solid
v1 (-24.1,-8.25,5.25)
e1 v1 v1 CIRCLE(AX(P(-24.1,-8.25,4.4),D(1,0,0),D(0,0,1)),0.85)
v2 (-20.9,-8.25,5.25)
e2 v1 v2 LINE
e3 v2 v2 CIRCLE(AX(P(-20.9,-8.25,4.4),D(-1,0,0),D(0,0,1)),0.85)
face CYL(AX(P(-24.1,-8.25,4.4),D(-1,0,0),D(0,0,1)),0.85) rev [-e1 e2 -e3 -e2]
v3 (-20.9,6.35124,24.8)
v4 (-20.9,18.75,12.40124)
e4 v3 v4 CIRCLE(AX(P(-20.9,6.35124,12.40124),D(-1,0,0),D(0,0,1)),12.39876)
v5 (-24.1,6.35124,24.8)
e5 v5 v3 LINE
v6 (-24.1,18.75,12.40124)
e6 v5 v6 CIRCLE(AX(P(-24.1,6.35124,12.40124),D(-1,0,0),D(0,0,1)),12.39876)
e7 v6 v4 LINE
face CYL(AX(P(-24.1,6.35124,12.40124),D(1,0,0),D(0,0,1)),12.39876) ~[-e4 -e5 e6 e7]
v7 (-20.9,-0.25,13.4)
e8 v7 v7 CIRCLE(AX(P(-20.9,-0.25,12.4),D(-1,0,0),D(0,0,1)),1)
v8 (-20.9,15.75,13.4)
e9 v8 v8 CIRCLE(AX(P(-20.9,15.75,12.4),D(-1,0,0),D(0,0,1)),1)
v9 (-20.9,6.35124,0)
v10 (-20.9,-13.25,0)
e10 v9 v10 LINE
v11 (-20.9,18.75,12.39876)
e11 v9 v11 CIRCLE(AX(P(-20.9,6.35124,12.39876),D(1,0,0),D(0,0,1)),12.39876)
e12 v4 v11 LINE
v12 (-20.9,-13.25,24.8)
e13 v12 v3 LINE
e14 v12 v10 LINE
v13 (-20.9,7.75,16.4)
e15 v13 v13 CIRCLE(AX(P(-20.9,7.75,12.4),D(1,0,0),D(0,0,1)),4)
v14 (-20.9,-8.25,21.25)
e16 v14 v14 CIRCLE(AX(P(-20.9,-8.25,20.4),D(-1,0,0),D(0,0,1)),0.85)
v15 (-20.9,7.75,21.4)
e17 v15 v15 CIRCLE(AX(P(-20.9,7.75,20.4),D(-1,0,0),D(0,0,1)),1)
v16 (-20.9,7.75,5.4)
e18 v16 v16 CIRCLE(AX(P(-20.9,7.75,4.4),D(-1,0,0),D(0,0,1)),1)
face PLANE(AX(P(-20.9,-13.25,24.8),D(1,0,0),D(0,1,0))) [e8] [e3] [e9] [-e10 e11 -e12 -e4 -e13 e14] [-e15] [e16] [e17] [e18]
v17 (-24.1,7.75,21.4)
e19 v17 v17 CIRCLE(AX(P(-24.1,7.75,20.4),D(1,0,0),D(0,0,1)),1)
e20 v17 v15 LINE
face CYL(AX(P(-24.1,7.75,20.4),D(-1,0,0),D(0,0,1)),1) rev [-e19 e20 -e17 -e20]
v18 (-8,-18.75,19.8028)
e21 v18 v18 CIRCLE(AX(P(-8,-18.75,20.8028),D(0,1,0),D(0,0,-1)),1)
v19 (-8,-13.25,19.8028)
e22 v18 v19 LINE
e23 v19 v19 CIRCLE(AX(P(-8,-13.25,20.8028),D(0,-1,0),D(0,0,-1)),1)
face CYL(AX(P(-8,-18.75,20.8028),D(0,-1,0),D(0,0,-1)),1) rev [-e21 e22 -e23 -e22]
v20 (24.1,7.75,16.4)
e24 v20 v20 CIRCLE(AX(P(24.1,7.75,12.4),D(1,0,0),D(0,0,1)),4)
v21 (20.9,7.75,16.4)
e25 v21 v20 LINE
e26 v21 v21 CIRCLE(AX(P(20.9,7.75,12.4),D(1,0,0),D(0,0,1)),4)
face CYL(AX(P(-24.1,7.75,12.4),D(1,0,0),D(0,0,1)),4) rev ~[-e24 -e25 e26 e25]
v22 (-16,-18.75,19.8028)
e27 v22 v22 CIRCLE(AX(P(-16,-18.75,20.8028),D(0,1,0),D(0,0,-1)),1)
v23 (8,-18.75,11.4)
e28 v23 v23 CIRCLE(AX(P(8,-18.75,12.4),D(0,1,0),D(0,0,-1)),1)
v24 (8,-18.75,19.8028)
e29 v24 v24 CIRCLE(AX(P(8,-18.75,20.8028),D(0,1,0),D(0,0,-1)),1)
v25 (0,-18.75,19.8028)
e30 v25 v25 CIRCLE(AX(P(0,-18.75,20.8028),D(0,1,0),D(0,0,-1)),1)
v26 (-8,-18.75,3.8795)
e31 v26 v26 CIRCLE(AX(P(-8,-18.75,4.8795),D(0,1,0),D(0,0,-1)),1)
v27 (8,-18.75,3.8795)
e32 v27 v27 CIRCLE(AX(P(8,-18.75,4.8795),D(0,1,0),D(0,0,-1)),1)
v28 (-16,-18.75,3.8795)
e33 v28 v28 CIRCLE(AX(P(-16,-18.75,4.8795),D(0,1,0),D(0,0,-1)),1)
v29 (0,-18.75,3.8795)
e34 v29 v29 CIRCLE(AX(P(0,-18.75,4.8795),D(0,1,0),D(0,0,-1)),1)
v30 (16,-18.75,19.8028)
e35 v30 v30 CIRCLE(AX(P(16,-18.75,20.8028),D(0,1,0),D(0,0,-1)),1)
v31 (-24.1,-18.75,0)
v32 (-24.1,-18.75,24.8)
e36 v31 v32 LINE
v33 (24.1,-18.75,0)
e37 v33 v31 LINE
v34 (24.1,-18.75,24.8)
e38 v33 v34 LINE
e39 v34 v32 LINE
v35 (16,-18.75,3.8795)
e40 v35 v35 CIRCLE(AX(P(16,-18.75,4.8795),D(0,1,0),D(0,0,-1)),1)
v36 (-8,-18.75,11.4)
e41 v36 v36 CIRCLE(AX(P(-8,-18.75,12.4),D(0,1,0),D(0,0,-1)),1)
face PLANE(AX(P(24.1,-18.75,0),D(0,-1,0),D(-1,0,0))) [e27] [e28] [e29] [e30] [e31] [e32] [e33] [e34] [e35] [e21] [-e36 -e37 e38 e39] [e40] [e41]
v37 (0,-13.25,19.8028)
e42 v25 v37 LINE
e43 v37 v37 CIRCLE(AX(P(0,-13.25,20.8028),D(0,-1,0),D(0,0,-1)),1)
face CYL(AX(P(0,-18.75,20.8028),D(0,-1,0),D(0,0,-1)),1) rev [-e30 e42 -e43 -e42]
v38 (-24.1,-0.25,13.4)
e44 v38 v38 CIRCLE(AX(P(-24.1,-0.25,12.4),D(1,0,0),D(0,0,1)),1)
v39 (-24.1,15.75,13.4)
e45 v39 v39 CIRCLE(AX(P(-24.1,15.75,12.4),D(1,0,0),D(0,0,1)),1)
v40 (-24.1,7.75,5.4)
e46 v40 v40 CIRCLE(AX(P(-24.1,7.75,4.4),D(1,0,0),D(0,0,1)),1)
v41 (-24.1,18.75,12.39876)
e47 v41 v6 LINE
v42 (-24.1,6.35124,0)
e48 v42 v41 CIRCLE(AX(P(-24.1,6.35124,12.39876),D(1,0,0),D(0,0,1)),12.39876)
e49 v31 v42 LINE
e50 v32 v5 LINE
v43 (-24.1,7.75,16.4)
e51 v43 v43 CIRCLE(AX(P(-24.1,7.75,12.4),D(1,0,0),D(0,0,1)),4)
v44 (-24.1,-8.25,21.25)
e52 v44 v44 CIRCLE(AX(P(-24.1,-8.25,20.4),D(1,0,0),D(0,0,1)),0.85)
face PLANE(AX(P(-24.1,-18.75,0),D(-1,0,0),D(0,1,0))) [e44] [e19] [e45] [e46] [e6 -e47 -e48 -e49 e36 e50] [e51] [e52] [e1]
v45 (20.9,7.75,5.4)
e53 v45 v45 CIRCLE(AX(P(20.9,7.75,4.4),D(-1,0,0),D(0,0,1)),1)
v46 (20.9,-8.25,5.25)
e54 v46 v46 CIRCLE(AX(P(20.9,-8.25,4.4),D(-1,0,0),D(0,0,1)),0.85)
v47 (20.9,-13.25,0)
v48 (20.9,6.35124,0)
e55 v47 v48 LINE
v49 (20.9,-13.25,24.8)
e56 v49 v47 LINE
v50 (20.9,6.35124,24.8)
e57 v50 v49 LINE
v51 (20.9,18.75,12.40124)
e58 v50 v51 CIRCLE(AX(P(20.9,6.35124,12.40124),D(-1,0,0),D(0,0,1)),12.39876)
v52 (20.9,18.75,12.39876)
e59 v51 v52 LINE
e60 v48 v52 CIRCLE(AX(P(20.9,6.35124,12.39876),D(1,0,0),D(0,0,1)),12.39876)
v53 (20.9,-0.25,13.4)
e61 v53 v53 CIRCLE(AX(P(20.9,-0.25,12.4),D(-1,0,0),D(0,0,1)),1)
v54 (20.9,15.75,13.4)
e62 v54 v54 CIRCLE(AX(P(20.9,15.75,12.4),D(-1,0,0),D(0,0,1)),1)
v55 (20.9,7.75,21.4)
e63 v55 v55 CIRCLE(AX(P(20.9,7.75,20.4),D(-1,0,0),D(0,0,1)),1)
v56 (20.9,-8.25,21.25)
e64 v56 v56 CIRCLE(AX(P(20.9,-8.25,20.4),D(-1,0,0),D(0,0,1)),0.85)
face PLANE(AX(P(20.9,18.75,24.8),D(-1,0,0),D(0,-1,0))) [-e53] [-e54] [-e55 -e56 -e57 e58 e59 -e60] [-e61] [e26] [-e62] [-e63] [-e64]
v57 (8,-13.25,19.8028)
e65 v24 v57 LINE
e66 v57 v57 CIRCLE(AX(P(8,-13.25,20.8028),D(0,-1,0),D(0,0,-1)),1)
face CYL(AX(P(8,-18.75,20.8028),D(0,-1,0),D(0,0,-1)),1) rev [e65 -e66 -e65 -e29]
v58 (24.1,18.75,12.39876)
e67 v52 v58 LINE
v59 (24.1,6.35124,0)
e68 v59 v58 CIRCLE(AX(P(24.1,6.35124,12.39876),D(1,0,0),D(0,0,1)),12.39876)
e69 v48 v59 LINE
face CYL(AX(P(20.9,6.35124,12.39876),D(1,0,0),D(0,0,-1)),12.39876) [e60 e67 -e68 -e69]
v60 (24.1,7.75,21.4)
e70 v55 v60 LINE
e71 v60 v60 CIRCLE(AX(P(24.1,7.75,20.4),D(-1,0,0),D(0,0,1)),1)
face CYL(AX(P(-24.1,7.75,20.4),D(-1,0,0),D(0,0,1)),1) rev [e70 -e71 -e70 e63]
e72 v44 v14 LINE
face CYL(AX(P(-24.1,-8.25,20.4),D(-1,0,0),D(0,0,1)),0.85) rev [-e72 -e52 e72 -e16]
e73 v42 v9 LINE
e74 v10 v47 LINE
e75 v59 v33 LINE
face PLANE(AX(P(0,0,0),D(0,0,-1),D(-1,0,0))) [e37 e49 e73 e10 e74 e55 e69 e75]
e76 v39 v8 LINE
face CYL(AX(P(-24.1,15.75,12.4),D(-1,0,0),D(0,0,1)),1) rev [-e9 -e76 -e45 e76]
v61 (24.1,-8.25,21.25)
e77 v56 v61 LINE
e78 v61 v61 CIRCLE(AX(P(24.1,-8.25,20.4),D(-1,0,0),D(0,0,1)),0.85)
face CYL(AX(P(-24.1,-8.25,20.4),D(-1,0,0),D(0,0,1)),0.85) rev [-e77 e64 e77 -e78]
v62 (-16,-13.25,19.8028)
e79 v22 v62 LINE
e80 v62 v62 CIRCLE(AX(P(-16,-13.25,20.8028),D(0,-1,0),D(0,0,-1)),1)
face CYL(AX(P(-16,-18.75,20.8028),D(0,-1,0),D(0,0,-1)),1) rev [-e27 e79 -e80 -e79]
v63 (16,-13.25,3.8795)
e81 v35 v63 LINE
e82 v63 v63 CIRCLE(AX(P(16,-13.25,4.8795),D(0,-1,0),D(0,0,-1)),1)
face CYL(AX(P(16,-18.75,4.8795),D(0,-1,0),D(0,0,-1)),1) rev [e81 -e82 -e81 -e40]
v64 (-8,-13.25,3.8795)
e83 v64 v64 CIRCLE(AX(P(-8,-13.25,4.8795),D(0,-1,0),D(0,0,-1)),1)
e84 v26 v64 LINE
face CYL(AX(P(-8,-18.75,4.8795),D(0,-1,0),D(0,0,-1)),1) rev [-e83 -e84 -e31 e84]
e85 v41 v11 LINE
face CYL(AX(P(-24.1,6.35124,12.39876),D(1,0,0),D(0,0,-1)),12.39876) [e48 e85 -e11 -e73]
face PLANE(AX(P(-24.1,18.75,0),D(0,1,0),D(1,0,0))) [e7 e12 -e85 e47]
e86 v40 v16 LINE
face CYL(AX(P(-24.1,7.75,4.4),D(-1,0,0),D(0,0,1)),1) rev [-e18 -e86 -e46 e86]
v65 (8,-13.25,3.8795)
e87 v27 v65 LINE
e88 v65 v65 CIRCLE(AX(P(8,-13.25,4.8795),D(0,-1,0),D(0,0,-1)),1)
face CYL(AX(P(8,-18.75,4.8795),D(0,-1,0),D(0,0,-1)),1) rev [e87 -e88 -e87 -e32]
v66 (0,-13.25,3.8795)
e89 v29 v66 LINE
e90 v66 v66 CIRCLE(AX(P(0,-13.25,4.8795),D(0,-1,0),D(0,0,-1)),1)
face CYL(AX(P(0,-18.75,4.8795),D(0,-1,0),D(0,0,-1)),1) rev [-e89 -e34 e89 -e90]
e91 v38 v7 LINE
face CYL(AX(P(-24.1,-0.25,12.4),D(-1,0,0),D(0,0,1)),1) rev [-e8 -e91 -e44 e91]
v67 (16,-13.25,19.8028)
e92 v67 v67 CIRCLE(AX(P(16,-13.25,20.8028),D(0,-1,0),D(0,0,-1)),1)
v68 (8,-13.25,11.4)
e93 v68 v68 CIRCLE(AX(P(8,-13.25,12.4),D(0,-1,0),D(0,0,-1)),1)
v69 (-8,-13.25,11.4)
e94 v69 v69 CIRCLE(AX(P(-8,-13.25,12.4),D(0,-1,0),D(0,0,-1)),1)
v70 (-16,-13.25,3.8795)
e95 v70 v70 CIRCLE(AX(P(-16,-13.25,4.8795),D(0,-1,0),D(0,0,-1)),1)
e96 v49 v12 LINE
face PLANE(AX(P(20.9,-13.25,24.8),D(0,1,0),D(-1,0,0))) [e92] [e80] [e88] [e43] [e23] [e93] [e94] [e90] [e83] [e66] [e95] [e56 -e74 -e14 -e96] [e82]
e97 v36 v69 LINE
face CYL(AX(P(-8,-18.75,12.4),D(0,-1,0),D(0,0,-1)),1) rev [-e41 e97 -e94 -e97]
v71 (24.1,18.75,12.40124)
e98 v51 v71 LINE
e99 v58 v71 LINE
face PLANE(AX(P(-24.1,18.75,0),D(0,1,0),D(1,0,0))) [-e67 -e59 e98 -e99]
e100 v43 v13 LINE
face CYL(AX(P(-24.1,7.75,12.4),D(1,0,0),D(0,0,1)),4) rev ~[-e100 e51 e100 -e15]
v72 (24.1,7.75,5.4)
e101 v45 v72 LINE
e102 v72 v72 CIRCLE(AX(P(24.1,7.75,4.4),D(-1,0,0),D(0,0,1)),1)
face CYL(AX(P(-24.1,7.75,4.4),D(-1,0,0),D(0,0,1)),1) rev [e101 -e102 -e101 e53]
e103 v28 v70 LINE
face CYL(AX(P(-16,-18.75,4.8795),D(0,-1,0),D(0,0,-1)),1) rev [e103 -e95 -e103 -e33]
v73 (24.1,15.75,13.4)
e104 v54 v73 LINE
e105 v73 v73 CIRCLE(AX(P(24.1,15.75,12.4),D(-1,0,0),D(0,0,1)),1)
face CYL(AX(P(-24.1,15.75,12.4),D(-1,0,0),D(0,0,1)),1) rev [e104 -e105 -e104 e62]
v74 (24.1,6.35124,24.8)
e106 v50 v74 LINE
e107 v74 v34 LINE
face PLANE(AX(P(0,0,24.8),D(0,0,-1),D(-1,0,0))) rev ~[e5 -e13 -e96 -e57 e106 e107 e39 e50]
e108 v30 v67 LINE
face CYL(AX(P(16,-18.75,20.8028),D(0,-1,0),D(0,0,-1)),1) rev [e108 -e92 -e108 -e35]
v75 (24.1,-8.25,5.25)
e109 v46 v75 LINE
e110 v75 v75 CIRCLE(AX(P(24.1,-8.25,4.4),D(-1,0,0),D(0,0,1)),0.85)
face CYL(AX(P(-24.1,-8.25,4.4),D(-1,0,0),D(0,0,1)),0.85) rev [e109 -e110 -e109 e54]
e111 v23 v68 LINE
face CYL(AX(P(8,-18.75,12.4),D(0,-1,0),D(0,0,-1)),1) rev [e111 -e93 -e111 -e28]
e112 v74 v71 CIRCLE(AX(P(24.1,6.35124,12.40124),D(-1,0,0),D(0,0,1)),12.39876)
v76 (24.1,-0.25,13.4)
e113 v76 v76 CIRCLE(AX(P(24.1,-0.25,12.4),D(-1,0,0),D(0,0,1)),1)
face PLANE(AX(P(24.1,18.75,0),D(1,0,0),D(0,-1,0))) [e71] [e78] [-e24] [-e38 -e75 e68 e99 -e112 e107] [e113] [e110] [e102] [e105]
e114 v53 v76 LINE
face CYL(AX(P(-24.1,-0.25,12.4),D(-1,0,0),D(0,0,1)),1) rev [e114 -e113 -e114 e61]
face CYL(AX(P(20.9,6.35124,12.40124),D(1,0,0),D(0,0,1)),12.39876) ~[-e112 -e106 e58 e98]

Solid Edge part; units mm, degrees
sketch "Sketch1" plane through (0, 0, 0) normal (0, 0, 1) x (1, 0, 0)
  line L0 (24.1, -18.75) -> (-24.1, -18.75)
  line L1 (-24.1, -18.75) -> (-24.1, 18.75)
  line L2 (-24.1, 18.75) -> (24.1, 18.75)
  line L3 (24.1, 18.75) -> (24.1, -18.75)
  dimension "D1" = 37.5
  dimension "D2" = 48.2
extrude "Protrusion1" add sketch "Sketch1" along normal blind 24.8
sketch "Sketch2" plane through (0, 0, 24.8) normal (0, 0, 1) x (1, 0, 0)
  line L0 (-20.9, 18.75) -> (20.9, 18.75)
  line L1 (20.9, 18.75) -> (20.9, -13.25)
  line L2 (20.9, -13.25) -> (-20.9, -13.25)
  line L3 (-20.9, -13.25) -> (-20.9, 18.75)
  dimension "D1" = 41.8
  dimension "D2" = 32
extrude "Cutout1" cut sketch "Sketch2" against normal through all
hole "Hole_1" at (-24.1, 7.75, 12.4) direction (1, 0, 0) diameter 8 depth 140
hole "Hole_2" at (-24.1, 15.75, 12.4) direction (1, 0, 0) diameter 2 end through all
hole "Hole1" at (-24.1, 7.75, 20.4) direction (1, 0, 0) diameter 2 end through all
hole "Hole2" at (-24.1, -0.25, 12.4) direction (1, 0, 0) diameter 2 end through all
hole "Hole3" at (-24.1, 7.75, 4.4) direction (1, 0, 0) diameter 2 end through all
hole "Hole_6" at (-24.1, -8.25, 20.4) direction (1, 0, 0) diameter 1.7 end through all
hole "Hole4" at (-24.1, -8.25, 4.4) direction (1, 0, 0) diameter 1.7 end through all
fillet "Round_1" radius 12.4 4 edges at (-22.5, 18.75, 24.8) (-22.5, 18.75, 0) (22.5, 18.75, 24.8) (22.5, 18.75, 0)
hole "Hole_8" at (0, -18.75, 20.8028) direction (0, 1, 0) diameter 2 end through all
hole "Hole5" at (0, -18.75, 4.8795) direction (0, 1, 0) diameter 2 end through all
hole "Hole6" at (8, -18.75, 4.8795) direction (0, 1, 0) diameter 2 end through all
hole "Hole7" at (8, -18.75, 12.4) direction (0, 1, 0) diameter 2 end through all
hole "Hole8" at (8, -18.75, 20.8028) direction (0, 1, 0) diameter 2 end through all
hole "Hole9" at (16, -18.75, 20.8028) direction (0, 1, 0) diameter 2 end through all
hole "Hole10" at (16, -18.75, 4.8795) direction (0, 1, 0) diameter 2 end through all
hole "Hole11" at (-8, -18.75, 20.8028) direction (0, 1, 0) diameter 2 end through all
hole "Hole12" at (-8, -18.75, 12.4) direction (0, 1, 0) diameter 2 end through all
hole "Hole13" at (-8, -18.75, 4.8795) direction (0, 1, 0) diameter 2 end through all
hole "Hole14" at (-16, -18.75, 4.8795) direction (0, 1, 0) diameter 2 end through all
hole "Hole15" at (-16, -18.75, 20.8028) direction (0, 1, 0) diameter 2 end through all
